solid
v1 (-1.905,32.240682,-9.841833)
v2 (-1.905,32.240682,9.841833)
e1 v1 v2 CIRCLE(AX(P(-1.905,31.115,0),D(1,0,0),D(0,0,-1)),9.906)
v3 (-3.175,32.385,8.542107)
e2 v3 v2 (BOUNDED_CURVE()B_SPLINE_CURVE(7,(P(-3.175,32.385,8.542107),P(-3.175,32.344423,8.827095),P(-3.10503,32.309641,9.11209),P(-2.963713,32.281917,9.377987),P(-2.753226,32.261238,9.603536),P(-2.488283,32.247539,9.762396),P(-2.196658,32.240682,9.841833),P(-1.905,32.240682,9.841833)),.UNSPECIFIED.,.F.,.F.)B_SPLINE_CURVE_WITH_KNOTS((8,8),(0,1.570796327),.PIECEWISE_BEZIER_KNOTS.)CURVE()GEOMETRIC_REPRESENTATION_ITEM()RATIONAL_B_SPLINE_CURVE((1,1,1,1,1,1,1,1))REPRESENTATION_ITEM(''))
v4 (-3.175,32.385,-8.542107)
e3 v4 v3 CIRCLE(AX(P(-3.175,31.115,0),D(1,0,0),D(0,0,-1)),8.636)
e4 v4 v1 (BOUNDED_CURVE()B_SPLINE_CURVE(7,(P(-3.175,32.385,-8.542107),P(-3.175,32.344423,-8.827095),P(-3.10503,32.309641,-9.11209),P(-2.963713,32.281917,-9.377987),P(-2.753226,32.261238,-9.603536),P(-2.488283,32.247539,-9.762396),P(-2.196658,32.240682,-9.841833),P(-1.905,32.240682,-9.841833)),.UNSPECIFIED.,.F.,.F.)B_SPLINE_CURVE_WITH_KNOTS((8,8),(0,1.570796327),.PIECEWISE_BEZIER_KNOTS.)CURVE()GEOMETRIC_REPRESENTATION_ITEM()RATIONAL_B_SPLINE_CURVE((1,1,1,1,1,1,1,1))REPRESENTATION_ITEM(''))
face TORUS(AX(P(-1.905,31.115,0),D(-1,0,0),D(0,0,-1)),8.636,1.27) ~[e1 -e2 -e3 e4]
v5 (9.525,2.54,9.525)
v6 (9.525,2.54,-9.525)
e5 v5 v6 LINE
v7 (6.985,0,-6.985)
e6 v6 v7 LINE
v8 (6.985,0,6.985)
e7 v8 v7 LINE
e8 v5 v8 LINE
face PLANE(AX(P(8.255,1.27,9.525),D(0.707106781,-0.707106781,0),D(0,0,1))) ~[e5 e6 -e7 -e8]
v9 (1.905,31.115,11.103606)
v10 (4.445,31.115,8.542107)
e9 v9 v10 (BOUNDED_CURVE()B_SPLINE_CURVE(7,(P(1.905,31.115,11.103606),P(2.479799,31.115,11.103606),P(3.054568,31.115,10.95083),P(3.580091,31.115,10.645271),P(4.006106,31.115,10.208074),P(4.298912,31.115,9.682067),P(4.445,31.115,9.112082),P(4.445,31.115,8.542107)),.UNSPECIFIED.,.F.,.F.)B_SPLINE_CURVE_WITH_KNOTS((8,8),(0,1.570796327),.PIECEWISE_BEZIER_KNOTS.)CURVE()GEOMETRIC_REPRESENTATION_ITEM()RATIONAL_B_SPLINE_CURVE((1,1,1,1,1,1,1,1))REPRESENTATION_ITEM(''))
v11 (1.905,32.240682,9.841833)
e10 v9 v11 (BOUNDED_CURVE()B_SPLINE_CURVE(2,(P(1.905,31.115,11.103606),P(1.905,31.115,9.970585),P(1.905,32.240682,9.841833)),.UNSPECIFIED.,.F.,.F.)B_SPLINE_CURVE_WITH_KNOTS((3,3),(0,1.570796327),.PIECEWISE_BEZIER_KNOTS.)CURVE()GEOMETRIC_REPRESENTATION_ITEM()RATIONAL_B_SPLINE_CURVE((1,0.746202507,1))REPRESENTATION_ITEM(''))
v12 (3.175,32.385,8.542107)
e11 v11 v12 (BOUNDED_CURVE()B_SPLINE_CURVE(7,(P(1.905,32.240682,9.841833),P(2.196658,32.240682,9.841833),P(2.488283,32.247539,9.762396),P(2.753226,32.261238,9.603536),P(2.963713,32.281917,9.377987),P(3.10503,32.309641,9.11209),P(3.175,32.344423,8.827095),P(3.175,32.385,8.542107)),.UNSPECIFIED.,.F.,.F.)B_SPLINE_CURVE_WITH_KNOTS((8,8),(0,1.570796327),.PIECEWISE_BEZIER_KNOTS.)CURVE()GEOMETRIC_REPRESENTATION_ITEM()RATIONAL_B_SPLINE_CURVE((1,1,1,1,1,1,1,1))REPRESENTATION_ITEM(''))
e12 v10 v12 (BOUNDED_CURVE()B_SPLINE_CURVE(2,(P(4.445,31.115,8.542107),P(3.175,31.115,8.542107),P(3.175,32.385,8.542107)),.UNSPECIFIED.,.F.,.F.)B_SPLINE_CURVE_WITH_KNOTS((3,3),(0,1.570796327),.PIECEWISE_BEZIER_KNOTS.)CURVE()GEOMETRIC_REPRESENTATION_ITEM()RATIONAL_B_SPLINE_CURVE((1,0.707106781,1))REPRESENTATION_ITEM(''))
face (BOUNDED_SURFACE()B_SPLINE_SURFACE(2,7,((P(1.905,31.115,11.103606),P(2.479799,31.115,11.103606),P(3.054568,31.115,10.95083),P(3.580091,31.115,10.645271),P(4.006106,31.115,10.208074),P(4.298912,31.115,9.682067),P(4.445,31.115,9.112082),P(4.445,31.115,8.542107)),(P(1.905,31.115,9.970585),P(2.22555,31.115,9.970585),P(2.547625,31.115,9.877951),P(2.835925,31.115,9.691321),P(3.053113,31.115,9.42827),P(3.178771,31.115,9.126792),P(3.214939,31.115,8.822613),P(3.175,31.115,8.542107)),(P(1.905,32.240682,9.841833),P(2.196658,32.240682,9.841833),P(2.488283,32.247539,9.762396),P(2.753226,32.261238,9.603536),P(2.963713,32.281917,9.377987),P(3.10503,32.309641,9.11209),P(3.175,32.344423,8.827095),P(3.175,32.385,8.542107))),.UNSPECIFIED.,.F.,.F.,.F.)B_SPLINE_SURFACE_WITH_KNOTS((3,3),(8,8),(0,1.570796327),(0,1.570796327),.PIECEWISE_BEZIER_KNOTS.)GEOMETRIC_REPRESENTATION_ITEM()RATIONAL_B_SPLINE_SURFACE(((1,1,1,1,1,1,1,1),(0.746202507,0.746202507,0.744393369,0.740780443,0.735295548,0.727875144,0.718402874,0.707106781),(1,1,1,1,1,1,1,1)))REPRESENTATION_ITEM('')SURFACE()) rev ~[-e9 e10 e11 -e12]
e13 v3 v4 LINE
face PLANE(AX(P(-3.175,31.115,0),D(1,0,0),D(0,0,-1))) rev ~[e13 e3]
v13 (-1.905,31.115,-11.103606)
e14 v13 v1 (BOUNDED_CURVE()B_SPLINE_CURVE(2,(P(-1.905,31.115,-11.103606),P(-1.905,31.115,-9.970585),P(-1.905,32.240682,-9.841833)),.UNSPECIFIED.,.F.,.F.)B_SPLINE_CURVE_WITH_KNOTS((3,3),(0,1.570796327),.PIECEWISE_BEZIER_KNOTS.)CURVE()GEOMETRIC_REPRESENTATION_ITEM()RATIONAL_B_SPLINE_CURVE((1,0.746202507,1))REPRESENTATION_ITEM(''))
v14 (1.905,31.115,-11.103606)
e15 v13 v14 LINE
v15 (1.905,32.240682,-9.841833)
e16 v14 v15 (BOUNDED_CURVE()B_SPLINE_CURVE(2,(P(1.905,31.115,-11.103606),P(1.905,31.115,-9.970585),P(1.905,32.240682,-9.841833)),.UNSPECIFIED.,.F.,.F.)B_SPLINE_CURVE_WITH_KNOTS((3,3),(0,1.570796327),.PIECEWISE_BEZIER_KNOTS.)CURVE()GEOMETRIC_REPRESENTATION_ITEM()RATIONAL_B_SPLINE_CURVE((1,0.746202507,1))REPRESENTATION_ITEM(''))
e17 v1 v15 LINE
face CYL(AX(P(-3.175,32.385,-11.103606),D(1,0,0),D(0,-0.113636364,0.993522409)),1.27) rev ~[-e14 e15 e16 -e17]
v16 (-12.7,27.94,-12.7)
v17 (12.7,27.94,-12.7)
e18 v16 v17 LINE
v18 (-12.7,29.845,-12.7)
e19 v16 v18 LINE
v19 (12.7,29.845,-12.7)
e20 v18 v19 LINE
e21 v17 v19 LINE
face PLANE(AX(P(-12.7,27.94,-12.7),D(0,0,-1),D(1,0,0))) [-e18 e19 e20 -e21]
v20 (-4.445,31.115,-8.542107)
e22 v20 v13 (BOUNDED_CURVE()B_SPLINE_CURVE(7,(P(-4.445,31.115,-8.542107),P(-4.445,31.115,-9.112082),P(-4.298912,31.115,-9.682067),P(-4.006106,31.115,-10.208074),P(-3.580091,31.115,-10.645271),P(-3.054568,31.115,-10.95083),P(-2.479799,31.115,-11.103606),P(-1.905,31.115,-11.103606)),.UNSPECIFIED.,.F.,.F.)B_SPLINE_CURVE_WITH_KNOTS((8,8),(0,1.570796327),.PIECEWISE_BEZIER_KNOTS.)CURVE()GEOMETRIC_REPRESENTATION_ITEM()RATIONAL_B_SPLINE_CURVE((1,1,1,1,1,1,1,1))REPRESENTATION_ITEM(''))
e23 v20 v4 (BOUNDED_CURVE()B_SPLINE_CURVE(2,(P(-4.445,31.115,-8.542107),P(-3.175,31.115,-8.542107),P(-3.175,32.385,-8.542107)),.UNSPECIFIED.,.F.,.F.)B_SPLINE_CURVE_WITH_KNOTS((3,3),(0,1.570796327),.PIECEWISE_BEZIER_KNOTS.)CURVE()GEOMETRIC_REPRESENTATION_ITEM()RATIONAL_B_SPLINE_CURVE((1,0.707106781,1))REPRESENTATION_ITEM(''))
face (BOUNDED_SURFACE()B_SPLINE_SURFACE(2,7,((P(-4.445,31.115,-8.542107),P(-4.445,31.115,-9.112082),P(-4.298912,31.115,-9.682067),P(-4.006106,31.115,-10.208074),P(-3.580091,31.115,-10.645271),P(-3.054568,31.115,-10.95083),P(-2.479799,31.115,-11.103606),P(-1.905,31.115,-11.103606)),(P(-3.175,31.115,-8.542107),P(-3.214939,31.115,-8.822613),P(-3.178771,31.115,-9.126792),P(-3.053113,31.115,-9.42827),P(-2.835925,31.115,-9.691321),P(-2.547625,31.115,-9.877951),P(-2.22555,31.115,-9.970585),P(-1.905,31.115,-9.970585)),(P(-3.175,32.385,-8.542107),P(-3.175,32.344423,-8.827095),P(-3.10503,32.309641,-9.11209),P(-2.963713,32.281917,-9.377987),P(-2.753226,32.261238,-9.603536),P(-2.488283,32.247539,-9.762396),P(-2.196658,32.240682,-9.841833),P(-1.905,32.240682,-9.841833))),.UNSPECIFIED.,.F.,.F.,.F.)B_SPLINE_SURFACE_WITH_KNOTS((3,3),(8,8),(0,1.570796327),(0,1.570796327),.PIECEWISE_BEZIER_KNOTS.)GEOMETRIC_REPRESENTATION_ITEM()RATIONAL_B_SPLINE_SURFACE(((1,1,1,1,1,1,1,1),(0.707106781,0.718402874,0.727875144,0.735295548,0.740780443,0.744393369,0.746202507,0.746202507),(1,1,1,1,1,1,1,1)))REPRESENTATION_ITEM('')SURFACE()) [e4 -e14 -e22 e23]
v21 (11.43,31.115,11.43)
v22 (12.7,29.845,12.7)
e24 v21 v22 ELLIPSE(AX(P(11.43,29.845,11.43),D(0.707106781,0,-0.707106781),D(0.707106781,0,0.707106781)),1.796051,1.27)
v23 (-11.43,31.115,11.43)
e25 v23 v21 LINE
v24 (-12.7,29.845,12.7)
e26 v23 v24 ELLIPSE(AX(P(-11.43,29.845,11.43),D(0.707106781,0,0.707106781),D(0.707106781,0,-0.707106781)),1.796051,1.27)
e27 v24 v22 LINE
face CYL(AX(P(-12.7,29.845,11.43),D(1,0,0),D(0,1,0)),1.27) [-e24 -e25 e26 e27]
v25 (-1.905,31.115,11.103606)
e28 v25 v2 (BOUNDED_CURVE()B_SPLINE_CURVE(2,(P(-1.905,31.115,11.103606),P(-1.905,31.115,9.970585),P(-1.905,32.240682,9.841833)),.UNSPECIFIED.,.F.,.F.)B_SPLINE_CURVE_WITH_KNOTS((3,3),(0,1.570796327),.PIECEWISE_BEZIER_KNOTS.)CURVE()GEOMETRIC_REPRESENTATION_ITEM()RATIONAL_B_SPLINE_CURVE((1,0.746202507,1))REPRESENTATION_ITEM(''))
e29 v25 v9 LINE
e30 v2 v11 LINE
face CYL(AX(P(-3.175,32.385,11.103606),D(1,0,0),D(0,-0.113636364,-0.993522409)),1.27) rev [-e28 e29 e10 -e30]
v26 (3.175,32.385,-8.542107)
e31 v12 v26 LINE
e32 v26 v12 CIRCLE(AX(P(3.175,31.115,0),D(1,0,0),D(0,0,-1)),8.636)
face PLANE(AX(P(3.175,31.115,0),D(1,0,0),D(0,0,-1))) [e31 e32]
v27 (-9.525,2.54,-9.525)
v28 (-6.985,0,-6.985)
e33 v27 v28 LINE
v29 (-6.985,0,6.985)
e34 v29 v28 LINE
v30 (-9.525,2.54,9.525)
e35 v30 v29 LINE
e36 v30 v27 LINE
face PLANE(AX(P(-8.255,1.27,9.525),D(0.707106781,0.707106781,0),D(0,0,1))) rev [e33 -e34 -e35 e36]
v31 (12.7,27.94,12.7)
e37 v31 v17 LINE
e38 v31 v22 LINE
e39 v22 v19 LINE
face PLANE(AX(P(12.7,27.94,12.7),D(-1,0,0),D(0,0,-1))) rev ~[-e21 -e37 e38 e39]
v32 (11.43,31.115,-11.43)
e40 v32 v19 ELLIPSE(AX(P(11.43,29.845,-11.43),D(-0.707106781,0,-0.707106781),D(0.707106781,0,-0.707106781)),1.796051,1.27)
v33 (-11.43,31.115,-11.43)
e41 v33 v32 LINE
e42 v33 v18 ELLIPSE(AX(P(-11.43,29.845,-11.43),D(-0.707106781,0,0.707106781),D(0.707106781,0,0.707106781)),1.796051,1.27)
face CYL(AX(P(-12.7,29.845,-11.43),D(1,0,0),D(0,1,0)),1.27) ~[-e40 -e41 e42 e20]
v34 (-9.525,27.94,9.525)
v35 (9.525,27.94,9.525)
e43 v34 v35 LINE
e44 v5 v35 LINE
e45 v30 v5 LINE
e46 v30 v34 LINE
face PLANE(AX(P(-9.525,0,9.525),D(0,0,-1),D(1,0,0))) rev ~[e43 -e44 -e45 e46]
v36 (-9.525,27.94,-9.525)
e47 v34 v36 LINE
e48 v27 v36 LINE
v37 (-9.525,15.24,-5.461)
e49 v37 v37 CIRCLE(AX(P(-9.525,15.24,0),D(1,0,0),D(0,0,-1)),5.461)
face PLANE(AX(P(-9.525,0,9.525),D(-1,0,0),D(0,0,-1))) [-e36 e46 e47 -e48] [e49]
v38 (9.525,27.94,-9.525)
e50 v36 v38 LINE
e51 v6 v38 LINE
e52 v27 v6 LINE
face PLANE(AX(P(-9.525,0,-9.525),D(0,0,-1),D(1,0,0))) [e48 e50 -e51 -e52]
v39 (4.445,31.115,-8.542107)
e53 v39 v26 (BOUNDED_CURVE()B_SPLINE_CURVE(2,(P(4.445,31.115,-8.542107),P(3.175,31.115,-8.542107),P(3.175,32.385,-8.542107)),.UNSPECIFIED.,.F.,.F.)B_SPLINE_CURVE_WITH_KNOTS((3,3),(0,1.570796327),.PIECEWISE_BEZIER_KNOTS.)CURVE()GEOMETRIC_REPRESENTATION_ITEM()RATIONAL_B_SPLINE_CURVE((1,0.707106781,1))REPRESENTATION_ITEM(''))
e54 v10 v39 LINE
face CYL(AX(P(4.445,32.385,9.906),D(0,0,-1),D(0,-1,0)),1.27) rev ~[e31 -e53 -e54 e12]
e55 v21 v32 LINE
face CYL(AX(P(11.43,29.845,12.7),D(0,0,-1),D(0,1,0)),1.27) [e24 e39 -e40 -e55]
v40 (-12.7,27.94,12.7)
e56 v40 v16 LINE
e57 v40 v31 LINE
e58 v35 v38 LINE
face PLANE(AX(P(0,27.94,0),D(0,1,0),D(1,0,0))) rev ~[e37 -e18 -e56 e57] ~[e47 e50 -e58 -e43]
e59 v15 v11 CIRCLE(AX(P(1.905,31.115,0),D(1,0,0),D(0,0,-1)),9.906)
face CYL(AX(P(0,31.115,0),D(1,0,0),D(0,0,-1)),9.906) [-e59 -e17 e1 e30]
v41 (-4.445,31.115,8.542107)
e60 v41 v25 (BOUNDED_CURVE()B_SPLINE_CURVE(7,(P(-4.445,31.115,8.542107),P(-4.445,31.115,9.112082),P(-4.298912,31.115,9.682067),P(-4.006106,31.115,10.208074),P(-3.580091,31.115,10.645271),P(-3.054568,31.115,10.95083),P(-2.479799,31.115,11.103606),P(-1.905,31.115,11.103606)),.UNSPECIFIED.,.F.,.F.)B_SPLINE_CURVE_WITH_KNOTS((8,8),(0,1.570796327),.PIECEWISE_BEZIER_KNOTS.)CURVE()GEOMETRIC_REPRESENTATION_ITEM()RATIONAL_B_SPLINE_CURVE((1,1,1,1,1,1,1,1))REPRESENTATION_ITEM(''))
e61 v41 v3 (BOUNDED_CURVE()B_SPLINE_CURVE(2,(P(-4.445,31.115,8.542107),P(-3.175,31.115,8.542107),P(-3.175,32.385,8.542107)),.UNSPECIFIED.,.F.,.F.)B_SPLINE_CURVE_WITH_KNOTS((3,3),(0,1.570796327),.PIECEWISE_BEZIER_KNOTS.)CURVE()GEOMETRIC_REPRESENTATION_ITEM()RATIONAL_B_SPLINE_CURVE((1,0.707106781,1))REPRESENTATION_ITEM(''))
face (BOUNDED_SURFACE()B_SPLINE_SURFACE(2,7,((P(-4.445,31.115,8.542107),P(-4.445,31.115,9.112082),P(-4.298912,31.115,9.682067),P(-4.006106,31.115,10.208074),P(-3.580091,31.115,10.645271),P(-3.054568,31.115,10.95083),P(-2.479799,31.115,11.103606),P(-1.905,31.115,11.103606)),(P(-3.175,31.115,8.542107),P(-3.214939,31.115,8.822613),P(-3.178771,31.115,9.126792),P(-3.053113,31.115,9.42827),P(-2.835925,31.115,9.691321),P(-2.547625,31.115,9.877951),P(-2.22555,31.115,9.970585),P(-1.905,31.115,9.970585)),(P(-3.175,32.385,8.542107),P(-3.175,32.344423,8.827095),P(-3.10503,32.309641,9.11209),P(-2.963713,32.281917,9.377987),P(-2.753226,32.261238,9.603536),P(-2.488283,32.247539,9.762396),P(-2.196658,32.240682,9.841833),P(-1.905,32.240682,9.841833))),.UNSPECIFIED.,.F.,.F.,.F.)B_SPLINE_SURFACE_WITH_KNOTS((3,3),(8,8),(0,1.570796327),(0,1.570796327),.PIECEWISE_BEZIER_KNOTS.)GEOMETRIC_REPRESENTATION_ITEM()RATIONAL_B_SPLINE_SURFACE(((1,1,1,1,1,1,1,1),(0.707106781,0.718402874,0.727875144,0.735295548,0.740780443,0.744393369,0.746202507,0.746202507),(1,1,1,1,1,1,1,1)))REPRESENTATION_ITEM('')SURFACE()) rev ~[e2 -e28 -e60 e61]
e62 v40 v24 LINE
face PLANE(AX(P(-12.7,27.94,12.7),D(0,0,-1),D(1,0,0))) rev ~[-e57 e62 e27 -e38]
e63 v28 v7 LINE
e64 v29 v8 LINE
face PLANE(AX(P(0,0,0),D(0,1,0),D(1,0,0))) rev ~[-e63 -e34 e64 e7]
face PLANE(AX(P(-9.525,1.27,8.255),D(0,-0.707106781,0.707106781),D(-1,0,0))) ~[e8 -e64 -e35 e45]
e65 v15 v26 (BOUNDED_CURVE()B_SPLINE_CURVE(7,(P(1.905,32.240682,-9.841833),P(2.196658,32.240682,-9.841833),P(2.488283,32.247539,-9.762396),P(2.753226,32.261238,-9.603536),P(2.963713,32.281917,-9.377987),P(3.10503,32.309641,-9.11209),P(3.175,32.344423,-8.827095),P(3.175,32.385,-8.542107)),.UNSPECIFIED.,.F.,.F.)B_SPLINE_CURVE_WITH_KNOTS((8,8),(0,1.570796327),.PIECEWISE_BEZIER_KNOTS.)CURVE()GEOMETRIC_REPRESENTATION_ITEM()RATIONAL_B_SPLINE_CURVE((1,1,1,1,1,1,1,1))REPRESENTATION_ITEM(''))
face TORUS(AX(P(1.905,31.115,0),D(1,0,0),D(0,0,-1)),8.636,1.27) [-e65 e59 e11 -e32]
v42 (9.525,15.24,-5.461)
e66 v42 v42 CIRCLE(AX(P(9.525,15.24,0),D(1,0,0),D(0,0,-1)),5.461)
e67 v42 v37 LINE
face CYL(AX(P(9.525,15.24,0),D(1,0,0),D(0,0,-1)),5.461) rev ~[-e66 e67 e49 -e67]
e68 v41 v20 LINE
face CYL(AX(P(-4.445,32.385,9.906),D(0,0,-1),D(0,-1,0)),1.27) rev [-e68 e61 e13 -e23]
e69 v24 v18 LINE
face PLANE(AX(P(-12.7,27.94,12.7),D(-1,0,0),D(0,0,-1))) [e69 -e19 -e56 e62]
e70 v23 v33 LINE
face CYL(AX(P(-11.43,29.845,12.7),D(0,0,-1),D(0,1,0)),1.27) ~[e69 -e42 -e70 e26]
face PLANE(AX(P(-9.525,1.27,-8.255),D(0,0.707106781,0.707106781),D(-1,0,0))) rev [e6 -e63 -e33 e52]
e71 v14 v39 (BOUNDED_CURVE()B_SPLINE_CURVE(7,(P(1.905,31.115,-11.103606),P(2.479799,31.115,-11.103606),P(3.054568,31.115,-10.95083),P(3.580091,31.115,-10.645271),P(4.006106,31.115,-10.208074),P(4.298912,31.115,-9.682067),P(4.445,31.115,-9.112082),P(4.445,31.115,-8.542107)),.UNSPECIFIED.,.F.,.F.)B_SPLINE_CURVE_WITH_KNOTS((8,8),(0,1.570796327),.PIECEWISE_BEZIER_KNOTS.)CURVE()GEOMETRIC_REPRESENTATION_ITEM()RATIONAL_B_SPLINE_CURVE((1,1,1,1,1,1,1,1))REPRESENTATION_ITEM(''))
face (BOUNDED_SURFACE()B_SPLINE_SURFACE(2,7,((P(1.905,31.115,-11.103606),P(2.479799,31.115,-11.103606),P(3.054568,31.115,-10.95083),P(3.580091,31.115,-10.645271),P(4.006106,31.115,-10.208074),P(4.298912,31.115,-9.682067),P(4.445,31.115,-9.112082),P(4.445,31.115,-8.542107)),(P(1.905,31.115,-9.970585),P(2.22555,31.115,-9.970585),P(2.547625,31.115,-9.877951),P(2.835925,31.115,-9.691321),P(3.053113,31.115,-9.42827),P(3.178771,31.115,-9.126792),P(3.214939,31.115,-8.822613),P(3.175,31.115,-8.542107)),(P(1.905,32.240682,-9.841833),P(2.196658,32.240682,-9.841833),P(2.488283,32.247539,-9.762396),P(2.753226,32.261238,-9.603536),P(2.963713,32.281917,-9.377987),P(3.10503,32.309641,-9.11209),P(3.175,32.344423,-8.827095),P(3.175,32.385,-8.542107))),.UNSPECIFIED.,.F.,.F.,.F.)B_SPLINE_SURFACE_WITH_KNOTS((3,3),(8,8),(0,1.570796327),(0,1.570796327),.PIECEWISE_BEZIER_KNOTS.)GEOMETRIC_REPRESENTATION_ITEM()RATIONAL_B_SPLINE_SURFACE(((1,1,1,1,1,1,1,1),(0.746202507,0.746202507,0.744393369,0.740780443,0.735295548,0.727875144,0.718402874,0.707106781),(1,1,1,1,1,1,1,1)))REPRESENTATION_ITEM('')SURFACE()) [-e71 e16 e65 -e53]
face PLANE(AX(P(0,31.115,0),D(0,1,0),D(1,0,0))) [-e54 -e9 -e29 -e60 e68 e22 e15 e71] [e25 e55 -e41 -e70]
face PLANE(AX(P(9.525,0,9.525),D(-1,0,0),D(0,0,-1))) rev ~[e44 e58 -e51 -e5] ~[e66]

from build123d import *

# Parameters (mm, degrees)
SKETCH1_W           = 19.05
SKETCH1_H           = 19.05
BOSS_EXTRUDE1_DEPTH = 27.94
SKETCH2_W           = 25.4
SKETCH2_H           = 25.4
BOSS_EXTRUDE2_DEPTH = 3.175
SKETCH3_R           = 5.461
CUT_EXTRUDE1_DEPTH  = 41.291237881
SKETCH4_R           = 9.906
BOSS_EXTRUDE3_DEPTH = 3.175
FILLET1_R           = 1.27
CHAMFER1_SIZE       = 2.54


with BuildPart() as part:
    # Sketch1 → Boss-Extrude1 (new body)
    with BuildSketch(Plane(origin=(0, 0, 0), x_dir=(1, 0, 0), z_dir=(0, 1, 0))):
        Rectangle(SKETCH1_W, SKETCH1_H)
    extrude(amount=BOSS_EXTRUDE1_DEPTH)

    # Sketch2 → Boss-Extrude2 (add)
    with BuildSketch(Plane(origin=(0, 27.94, 0), x_dir=(1, 0, 0), z_dir=(0, 1, 0))):
        Rectangle(SKETCH2_W, SKETCH2_H)
    extrude(amount=BOSS_EXTRUDE2_DEPTH)

    # Sketch3 → Cut-Extrude1 (cut, through all)
    with BuildSketch(Plane(origin=(9.525, 0, 0), x_dir=(0, 0, -1), z_dir=(1, 0, 0))):
        with Locations((0, 15.24)):
            Circle(SKETCH3_R)
    extrude(amount=-CUT_EXTRUDE1_DEPTH, mode=Mode.SUBTRACT)

    # Sketch4 → Boss-Extrude3 (add, symmetric)
    with BuildSketch(Plane(origin=(0, 0, 0), x_dir=(0, 0, -1), z_dir=(1, 0, 0))):
        with Locations((0, 31.115)):
            Circle(SKETCH4_R)
    extrude(amount=BOSS_EXTRUDE3_DEPTH, both=True)

    # Fillet1
    fillet1_edges = [part.edges().sort_by_distance(p)[0] for p in [
        (0, 31.115, 12.7),
        (12.7, 31.115, 0),
        (0, 31.115, -12.7),
        (-12.7, 31.115, 0),
        (-3.175, 31.115, 0),
        (0, 31.115, 9.906),
        (0, 31.115, -9.906),
        (3.175, 31.115, 0),
        (-3.175, 41.021, 0),
        (3.175, 41.021, 0),
    ]]
    fillet(fillet1_edges, radius=FILLET1_R)

    # Chamfer1
    chamfer1_edges = [part.edges().sort_by_distance(p)[0] for p in [
        (0, 0, 9.525),
        (-9.525, 0, 0),
        (0, 0, -9.525),
        (9.525, 0, 0),
    ]]
    chamfer(chamfer1_edges, length=CHAMFER1_SIZE)


solid = part.part
